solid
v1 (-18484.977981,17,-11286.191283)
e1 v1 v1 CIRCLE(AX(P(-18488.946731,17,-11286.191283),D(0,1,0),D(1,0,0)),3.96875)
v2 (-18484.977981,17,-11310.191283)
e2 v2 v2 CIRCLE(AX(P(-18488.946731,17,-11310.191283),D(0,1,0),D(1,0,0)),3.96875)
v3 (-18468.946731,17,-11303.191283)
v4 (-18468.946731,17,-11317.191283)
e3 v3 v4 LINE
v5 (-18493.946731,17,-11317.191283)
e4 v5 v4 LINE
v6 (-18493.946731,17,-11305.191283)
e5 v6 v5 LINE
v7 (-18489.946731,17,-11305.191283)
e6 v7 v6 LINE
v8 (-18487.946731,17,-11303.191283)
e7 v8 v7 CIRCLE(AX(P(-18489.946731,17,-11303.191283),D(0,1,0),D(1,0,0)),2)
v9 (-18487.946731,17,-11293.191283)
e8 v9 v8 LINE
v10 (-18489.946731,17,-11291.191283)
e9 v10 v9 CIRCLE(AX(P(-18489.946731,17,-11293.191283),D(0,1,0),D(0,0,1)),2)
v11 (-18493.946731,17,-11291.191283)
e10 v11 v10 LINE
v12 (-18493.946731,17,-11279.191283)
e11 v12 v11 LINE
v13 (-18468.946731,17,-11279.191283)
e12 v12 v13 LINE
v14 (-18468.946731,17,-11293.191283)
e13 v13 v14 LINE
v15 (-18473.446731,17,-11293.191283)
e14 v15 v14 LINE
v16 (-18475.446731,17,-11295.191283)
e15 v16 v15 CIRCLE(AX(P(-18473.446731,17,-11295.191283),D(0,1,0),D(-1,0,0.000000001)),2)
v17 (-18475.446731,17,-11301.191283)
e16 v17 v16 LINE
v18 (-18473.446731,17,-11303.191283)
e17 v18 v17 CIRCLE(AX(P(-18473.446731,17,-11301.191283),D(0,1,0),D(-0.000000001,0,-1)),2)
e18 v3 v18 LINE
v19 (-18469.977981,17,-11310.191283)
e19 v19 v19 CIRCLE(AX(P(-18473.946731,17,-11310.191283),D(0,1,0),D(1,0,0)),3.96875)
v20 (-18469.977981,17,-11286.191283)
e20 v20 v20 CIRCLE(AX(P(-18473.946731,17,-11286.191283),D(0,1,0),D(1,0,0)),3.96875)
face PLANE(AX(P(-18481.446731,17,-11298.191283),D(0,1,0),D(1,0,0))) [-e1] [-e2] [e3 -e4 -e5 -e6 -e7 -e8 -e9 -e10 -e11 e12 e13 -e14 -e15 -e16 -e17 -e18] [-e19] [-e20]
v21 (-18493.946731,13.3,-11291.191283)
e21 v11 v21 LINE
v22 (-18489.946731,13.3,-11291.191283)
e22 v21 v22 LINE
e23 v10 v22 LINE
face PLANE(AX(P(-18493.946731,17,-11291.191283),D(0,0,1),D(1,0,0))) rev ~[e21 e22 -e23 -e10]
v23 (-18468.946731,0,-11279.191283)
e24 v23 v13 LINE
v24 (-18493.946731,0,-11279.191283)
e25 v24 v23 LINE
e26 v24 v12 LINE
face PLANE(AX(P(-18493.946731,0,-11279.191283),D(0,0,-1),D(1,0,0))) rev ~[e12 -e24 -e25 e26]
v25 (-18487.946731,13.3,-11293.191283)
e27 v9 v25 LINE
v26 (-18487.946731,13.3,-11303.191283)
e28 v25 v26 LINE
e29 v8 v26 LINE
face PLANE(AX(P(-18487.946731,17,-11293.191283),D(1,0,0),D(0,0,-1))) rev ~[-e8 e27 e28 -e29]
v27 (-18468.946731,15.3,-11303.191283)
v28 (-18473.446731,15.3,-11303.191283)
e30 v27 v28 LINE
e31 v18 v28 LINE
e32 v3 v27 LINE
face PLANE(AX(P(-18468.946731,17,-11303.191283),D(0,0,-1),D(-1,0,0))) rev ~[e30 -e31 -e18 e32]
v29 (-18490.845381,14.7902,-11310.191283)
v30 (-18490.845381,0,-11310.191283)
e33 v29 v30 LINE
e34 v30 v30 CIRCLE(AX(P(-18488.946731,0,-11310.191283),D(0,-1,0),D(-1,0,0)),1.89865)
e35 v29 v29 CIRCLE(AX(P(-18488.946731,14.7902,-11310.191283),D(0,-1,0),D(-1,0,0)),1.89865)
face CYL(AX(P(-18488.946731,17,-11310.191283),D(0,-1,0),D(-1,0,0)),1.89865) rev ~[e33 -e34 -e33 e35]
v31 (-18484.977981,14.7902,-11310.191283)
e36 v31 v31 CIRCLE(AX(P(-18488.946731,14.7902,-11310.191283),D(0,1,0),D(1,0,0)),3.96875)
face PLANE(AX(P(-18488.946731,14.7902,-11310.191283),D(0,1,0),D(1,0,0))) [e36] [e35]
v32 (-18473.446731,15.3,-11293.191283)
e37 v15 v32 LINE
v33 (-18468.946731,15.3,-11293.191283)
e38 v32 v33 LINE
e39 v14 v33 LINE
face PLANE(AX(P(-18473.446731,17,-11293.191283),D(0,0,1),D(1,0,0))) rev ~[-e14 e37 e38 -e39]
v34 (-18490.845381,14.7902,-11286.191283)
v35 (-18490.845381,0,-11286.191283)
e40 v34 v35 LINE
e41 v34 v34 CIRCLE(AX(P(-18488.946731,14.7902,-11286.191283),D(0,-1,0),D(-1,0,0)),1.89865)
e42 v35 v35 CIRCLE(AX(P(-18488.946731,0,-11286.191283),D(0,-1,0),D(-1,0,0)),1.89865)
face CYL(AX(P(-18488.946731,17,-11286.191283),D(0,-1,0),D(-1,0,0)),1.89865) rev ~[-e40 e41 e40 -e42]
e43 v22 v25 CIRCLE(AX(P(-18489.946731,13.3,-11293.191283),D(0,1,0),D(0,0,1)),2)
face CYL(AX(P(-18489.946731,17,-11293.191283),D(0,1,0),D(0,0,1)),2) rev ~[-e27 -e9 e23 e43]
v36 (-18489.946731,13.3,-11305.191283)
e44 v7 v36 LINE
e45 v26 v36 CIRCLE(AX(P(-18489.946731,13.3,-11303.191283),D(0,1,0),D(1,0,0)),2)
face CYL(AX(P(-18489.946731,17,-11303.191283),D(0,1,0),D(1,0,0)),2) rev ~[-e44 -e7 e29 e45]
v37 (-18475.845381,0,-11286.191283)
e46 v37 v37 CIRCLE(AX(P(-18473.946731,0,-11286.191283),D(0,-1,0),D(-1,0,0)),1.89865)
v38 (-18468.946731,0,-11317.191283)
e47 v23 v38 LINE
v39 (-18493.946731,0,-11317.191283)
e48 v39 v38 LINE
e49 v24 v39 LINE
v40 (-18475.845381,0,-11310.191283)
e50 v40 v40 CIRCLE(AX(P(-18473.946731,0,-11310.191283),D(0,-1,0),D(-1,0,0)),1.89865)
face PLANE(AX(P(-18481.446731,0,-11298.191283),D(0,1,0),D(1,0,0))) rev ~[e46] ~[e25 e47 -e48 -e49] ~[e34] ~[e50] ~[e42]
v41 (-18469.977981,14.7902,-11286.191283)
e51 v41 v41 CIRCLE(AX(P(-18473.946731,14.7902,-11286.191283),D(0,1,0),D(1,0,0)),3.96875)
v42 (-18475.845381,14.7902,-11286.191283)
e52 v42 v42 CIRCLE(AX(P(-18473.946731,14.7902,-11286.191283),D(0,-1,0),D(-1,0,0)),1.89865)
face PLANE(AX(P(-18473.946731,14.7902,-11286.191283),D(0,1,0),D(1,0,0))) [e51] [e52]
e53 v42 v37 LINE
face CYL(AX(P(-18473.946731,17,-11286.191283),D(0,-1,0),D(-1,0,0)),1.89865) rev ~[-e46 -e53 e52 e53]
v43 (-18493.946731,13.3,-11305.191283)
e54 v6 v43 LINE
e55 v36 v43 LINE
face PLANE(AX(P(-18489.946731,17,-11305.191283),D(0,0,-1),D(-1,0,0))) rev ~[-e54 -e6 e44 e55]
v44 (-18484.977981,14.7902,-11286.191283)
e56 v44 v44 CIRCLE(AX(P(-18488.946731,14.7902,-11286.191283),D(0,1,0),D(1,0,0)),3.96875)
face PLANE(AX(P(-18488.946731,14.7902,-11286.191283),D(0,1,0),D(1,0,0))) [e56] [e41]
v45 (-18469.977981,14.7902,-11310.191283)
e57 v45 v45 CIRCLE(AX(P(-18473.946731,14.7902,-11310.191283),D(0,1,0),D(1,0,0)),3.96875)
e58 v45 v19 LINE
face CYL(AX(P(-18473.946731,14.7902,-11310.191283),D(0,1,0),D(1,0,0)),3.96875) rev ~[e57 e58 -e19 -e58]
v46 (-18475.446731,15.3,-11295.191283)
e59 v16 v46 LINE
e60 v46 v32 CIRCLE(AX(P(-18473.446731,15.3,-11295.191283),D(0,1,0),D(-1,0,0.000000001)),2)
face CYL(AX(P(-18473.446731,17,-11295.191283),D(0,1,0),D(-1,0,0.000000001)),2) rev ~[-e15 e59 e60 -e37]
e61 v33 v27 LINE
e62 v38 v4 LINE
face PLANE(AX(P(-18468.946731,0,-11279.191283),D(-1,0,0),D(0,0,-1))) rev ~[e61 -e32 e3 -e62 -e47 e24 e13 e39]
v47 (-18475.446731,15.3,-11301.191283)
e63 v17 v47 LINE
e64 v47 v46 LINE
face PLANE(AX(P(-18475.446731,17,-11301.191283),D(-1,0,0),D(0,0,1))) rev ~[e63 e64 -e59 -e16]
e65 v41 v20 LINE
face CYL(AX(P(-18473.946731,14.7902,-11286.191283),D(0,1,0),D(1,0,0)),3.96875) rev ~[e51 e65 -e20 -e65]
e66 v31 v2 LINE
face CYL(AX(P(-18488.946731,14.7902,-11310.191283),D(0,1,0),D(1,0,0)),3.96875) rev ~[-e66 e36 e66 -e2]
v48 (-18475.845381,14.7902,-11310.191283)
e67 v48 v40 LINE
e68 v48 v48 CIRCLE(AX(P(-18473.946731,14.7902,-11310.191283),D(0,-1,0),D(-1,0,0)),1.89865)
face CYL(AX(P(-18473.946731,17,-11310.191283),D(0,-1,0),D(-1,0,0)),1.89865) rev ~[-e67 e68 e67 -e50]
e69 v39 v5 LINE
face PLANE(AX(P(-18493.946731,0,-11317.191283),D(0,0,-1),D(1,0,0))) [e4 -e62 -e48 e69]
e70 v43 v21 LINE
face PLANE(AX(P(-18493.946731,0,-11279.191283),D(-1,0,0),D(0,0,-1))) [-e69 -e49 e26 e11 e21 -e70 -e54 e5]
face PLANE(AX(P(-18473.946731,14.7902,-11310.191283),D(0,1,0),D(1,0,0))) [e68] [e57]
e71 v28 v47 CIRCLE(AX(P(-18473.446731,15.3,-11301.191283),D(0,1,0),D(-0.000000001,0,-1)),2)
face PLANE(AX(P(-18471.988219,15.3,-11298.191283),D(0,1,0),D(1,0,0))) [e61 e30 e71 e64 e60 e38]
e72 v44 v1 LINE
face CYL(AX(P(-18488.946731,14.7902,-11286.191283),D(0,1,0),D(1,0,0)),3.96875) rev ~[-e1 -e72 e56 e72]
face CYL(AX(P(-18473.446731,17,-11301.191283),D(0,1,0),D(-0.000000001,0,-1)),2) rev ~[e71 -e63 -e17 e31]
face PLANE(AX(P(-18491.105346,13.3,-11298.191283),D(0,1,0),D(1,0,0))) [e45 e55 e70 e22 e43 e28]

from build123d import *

# Parameters (mm, degrees)
SKETCH1_W                                           = 25
SKETCH1_H                                           = 38
BOSS_EXTRUDE1_DEPTH                                 = 17
CUT_EXTRUDE3_DEPTH                                  = 3.7
CUT_EXTRUDE4_DEPTH                                  = 1.7
CBORE_FOR_6_BINDING_HEAD_MACHINE_SCREW1_D           = 3.7973
CBORE_FOR_6_BINDING_HEAD_MACHINE_SCREW1_CBORE_D     = 7.9375
CBORE_FOR_6_BINDING_HEAD_MACHINE_SCREW1_CBORE_DEPTH = 2.2098


with BuildPart() as part:
    # Sketch1 → Boss-Extrude1 (new body)
    with BuildSketch(Plane(origin=(0, 0, 0), x_dir=(1, 0, 0), z_dir=(0, 1, 0))):
        with Locations((-18481.446731235, 11298.191283293)):
            Rectangle(SKETCH1_W, SKETCH1_H)
    extrude(amount=BOSS_EXTRUDE1_DEPTH)

    # Sketch2 → Cut-Extrude3 (cut)
    with BuildSketch(Plane(origin=(0, 17, 0), x_dir=(1, 0, 0), z_dir=(0, 1, 0))):
        with BuildLine():
            Line((-18493.946731235, 11291.191283293), (-18489.946731235, 11291.191283293))
            ThreePointArc((-18489.946731235, 11291.191283293), (-18488.532517672, 11291.777069731), (-18487.946731235, 11293.191283293))
            Line((-18487.946731235, 11293.191283293), (-18487.946731235, 11303.191283293))
            ThreePointArc((-18487.946731235, 11303.191283293), (-18488.532517672, 11304.605496855), (-18489.946731235, 11305.191283293))
            Line((-18489.946731235, 11305.191283293), (-18493.946731235, 11305.191283293))
            Line((-18493.946731235, 11305.191283293), (-18493.946731235, 11291.191283293))
        make_face()
    extrude(amount=-CUT_EXTRUDE3_DEPTH, mode=Mode.SUBTRACT)

    # Sketch2<6> → Cut-Extrude4 (cut)
    with BuildSketch(Plane(origin=(0, 17, 0), x_dir=(1, 0, 0), z_dir=(0, 1, 0))):
        with BuildLine():
            Line((-18475.446731235, 11301.191283293), (-18475.446731235, 11295.191283293))
            ThreePointArc((-18475.446731235, 11295.191283293), (-18474.860944797, 11293.777069731), (-18473.446731235, 11293.191283293))
            Line((-18473.446731235, 11293.191283293), (-18468.946731235, 11293.191283293))
            Line((-18468.946731235, 11293.191283293), (-18468.946731235, 11303.191283293))
            Line((-18468.946731235, 11303.191283293), (-18473.446731235, 11303.191283293))
            ThreePointArc((-18473.446731235, 11303.191283293), (-18474.860944797, 11302.605496855), (-18475.446731235, 11301.191283293))
        make_face()
    extrude(amount=-CUT_EXTRUDE4_DEPTH, mode=Mode.SUBTRACT)

    # CBORE for #6 Binding Head Machine Screw1 (through all)
    with Locations(Plane(origin=(0, 17, 0), x_dir=(1, 0, 0), z_dir=(0, 1, 0))):
        with Locations((-18488.946731235, 11310.191283293), (-18473.946731235, 11310.191283293), (-18473.946731235, 11286.191283293), (-18488.946731235, 11286.191283293)):
            CounterBoreHole(CBORE_FOR_6_BINDING_HEAD_MACHINE_SCREW1_D / 2, CBORE_FOR_6_BINDING_HEAD_MACHINE_SCREW1_CBORE_D / 2, CBORE_FOR_6_BINDING_HEAD_MACHINE_SCREW1_CBORE_DEPTH)


solid = part.part
